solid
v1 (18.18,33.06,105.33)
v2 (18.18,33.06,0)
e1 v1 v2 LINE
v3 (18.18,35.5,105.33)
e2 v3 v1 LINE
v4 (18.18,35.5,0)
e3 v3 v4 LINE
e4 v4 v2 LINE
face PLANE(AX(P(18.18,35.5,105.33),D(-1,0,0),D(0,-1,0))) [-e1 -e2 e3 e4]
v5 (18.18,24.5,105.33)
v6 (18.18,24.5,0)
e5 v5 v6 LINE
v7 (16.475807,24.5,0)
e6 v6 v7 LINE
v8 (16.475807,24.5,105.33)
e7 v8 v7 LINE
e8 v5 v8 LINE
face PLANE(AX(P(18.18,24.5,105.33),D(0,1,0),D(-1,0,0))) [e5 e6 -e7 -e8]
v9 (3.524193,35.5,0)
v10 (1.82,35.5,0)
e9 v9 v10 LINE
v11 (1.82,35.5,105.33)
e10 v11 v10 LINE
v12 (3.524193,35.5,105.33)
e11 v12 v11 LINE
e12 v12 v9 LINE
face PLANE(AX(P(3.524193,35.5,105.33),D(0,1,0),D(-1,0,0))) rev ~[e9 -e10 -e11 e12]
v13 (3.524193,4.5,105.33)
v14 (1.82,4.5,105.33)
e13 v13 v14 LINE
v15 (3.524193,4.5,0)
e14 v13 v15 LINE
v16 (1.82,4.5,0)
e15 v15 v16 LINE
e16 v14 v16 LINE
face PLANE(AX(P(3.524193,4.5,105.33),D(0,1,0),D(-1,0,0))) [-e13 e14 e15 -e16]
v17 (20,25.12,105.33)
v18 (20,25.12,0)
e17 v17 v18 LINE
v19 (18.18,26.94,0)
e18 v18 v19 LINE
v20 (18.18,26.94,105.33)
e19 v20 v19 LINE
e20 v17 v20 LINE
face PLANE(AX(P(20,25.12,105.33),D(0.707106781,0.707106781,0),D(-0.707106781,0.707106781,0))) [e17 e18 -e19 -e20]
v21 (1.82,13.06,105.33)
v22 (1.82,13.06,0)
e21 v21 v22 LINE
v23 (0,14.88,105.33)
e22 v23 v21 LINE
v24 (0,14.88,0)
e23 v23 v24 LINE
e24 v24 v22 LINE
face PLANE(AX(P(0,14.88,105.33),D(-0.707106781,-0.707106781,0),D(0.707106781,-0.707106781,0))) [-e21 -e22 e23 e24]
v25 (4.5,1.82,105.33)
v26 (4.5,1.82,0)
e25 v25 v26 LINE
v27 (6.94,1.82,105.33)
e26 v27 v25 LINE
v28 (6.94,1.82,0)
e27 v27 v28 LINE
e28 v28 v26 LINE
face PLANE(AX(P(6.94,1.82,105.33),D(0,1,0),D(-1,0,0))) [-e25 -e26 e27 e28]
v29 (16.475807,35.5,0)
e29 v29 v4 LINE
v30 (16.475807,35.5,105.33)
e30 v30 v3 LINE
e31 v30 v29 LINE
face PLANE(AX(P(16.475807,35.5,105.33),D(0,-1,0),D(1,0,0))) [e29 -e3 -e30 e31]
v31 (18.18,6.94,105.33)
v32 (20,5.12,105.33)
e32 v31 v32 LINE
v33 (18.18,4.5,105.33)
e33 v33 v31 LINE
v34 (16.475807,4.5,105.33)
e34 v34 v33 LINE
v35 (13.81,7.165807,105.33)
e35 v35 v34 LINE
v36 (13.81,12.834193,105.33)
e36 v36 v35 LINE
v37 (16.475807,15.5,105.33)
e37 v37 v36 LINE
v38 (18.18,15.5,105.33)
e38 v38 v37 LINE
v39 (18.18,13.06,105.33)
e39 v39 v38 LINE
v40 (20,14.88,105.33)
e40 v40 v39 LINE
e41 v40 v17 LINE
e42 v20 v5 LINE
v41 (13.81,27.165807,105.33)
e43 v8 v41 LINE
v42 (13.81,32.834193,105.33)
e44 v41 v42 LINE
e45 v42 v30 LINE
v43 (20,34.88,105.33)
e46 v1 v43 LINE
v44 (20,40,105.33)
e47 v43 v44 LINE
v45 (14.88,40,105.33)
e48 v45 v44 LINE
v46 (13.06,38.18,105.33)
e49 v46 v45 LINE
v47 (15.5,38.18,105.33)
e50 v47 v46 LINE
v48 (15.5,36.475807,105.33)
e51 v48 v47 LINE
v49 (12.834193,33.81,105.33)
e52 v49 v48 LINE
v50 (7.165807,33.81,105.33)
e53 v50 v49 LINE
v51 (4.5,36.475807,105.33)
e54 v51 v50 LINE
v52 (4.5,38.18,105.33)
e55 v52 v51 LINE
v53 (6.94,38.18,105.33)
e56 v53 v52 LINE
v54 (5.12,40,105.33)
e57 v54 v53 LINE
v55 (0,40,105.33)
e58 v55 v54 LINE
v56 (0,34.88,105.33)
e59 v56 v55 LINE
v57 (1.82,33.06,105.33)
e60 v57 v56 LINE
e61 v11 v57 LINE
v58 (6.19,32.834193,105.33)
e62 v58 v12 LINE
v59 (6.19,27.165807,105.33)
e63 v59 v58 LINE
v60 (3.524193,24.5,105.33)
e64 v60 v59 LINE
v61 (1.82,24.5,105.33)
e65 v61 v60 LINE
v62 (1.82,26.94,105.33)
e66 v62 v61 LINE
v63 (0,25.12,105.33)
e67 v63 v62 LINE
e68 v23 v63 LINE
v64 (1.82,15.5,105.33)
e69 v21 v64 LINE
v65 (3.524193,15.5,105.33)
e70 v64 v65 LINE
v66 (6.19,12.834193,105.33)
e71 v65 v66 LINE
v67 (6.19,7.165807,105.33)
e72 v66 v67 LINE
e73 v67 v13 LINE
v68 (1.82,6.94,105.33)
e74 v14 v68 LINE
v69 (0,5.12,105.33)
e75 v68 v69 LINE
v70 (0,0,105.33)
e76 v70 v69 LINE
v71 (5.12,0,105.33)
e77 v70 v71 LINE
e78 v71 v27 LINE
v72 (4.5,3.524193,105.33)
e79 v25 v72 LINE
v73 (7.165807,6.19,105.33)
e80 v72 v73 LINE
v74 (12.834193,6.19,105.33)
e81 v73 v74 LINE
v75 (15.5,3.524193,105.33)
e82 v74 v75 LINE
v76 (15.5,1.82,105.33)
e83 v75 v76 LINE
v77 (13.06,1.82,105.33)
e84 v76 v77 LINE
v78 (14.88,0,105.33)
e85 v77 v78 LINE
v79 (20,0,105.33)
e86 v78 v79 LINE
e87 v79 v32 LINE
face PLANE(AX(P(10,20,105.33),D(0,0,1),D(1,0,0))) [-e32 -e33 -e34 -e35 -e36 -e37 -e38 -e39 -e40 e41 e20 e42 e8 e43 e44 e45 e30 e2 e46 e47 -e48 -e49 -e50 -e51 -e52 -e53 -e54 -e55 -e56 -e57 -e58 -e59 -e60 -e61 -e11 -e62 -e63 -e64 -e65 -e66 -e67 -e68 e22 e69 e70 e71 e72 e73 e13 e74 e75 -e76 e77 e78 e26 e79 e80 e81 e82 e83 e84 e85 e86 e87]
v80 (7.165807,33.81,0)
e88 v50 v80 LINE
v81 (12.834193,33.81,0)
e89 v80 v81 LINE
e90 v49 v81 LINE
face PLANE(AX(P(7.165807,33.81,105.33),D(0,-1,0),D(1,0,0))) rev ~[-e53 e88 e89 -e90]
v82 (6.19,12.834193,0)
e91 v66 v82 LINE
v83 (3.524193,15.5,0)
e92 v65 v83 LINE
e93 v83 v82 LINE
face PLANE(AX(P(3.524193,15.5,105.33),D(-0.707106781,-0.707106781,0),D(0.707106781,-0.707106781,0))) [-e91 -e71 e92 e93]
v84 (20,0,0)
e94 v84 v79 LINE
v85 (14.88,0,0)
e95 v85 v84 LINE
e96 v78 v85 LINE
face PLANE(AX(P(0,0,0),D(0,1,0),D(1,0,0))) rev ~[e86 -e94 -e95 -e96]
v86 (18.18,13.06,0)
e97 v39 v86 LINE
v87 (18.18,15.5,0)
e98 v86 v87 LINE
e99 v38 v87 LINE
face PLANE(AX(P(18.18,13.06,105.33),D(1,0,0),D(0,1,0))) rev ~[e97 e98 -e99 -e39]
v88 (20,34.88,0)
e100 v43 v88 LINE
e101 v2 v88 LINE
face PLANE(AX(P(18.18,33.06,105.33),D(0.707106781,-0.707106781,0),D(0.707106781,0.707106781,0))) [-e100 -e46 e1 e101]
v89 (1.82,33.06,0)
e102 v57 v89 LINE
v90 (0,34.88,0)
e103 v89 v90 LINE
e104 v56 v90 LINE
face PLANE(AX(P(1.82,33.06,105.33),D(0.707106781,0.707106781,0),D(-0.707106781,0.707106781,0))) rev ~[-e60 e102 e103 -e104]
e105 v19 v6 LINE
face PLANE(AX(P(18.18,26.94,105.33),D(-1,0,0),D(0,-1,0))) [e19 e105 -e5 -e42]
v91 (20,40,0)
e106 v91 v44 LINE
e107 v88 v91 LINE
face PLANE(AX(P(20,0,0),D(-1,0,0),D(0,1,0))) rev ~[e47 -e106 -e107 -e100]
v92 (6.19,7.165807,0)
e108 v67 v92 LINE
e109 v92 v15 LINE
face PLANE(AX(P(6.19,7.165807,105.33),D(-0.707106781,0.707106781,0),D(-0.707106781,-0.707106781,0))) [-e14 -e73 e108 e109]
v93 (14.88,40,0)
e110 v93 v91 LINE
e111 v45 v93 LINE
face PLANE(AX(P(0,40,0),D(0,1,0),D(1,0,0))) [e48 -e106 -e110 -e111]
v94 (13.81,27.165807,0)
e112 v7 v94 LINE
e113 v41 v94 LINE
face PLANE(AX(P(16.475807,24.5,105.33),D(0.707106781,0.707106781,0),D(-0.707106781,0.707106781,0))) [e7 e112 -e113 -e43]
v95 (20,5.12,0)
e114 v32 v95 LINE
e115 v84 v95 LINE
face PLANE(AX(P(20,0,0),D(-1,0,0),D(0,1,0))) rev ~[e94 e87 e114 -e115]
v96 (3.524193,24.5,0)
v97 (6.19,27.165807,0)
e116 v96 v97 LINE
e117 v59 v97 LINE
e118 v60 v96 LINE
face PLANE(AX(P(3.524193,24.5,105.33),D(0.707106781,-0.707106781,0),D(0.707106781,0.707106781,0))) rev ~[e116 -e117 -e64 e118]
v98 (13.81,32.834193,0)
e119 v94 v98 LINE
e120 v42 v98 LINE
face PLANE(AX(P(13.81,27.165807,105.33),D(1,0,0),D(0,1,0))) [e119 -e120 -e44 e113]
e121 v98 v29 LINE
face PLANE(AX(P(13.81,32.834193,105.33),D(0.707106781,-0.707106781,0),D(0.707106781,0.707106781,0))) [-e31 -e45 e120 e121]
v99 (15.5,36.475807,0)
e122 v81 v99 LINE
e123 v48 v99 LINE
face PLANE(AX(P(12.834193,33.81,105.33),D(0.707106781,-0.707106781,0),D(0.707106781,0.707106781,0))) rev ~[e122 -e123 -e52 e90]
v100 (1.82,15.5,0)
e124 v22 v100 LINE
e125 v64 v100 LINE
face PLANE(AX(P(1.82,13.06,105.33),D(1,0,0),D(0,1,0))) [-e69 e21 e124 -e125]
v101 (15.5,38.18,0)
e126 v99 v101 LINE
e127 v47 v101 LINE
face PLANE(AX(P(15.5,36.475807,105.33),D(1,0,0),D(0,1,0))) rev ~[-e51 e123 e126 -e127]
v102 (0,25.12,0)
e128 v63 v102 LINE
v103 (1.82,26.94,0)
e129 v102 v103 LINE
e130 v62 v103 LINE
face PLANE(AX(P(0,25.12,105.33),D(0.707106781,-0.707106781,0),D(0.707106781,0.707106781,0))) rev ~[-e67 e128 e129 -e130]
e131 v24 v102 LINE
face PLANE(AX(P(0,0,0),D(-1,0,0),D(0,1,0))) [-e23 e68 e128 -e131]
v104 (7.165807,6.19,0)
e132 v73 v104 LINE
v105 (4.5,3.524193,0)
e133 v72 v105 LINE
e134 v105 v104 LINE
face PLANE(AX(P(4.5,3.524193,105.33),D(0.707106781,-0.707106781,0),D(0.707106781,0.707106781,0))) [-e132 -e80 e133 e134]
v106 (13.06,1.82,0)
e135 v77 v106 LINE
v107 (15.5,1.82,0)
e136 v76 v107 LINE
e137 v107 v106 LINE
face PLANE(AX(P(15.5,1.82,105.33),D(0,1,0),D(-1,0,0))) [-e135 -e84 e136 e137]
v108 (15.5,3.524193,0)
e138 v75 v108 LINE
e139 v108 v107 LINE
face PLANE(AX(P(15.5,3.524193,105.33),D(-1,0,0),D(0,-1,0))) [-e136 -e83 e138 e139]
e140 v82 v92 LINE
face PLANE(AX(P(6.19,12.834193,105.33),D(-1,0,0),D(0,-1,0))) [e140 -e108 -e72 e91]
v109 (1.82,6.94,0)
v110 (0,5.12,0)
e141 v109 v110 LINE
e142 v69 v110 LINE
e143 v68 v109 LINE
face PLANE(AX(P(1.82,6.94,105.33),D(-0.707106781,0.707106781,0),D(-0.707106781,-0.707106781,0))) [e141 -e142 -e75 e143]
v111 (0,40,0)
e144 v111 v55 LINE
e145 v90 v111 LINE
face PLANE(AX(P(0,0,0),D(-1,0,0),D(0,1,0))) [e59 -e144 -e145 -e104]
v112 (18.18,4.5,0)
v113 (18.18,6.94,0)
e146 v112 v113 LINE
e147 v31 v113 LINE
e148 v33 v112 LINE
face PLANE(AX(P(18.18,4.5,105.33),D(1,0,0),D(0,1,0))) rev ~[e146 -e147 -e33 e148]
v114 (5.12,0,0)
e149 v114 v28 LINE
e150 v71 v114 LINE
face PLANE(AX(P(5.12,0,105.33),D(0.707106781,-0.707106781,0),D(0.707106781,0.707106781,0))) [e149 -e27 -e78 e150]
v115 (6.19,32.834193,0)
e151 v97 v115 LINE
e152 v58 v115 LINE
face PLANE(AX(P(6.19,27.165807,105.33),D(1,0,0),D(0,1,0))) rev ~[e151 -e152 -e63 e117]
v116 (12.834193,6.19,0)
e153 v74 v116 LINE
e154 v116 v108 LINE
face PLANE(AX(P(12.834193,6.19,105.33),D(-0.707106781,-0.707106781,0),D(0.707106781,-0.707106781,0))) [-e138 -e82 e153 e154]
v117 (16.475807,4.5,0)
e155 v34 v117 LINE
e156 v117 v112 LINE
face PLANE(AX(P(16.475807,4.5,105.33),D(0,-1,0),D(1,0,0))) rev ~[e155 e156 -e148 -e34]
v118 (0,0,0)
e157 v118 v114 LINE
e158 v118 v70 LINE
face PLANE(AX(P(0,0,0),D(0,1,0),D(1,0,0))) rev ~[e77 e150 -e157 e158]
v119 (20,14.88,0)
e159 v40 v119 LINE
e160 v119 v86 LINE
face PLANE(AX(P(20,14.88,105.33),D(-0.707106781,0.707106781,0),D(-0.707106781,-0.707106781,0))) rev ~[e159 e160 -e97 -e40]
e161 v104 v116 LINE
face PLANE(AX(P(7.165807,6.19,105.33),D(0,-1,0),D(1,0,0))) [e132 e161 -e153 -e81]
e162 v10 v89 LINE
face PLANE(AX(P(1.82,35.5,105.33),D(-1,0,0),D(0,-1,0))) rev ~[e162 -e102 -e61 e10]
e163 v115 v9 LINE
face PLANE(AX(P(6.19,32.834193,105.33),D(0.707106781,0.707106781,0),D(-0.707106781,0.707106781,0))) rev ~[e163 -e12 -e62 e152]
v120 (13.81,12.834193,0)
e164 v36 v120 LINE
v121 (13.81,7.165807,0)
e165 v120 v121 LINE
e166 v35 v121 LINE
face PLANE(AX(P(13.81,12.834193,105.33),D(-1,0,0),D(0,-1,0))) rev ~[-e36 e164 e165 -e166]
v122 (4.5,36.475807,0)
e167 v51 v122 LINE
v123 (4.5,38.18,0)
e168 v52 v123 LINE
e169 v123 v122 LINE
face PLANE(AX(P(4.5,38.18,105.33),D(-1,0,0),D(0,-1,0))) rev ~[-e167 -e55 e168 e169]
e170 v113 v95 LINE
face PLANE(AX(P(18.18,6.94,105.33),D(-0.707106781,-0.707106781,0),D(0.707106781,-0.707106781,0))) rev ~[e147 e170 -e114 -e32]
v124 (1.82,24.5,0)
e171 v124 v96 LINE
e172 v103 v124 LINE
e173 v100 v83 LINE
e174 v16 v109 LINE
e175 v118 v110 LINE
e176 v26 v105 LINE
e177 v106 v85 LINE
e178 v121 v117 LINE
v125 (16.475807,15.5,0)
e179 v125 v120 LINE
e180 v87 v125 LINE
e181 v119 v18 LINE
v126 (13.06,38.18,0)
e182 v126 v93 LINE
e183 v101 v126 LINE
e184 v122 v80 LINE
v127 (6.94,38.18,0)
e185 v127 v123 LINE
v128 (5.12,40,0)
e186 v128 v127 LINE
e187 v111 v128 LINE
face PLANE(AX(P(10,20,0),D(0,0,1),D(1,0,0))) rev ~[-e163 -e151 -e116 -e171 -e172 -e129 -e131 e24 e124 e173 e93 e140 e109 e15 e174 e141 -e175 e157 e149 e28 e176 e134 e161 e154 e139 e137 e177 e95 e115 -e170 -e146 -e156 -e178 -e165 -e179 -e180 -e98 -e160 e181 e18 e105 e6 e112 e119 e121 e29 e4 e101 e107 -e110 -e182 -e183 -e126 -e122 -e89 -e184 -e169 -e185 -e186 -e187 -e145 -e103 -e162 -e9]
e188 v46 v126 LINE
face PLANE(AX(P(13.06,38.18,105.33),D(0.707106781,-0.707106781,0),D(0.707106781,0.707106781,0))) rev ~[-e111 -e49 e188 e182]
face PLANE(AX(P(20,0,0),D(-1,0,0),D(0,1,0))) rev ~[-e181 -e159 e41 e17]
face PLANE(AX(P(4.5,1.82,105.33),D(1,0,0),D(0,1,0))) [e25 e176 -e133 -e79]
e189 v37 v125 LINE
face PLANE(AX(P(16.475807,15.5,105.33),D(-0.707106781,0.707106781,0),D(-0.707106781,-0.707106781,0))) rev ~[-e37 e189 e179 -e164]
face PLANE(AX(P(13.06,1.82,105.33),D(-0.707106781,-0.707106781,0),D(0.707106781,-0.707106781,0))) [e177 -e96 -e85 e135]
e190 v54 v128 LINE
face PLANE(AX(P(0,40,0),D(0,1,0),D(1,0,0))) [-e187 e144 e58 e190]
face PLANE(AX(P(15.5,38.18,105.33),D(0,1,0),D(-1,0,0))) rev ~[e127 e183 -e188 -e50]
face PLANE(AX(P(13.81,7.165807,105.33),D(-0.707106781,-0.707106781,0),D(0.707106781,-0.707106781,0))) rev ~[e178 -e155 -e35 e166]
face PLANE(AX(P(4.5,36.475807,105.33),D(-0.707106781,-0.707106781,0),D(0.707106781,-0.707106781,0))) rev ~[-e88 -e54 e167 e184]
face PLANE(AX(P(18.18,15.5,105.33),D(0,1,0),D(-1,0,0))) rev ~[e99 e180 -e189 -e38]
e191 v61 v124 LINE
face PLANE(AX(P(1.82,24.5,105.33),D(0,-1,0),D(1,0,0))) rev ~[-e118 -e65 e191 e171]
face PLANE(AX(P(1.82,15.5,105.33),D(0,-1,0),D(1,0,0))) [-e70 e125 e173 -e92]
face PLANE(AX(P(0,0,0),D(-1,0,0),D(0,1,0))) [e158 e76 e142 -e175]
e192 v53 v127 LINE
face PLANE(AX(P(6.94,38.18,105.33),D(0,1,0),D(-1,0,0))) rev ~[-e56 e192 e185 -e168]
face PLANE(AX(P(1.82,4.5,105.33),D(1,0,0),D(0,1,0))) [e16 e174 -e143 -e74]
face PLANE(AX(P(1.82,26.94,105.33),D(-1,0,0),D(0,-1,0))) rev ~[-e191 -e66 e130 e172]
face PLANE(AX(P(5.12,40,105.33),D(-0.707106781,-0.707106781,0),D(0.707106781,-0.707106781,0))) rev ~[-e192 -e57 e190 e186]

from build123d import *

# Parameters (mm, degrees)
SKETCH1_W           = 20
SKETCH1_H           = 40
BOSS_EXTRUDE1_DEPTH = 105.33
CUT_EXTRUDE1_DEPTH  = 106.33


with BuildPart() as part:
    # Sketch1 → Boss-Extrude1 (new body)
    with BuildSketch(Plane.XY):
        with Locations((10, 20)):
            Rectangle(SKETCH1_W, SKETCH1_H)
    extrude(amount=BOSS_EXTRUDE1_DEPTH)

    # Sketch2 → Cut-Extrude1 (cut, through all)
    with BuildSketch(Plane.XY.offset(105.33)):
        Polygon((5.12, 40), (6.94, 38.18), (4.5, 38.18), (4.5, 36.475807358), (7.165807358, 33.81), (12.834192642, 33.81), (15.5, 36.475807358), (15.5, 38.18), (13.06, 38.18), (14.88, 40), align=None)
        Polygon((18.18, 35.5), (18.18, 33.06), (20, 34.88), (20, 25.12), (18.18, 26.94), (18.18, 24.5), (16.475807358, 24.5), (13.81, 27.165807358), (13.81, 32.834192642), (16.475807358, 35.5), align=None)
        Polygon((20, 14.88), (18.18, 13.06), (18.18, 15.5), (16.475807358, 15.5), (13.81, 12.834192642), (13.81, 7.165807358), (16.475807358, 4.5), (18.18, 4.5), (18.18, 6.94), (20, 5.12), align=None)
        Polygon((15.5, 1.82), (13.06, 1.82), (14.88, 0), (5.12, 0), (6.94, 1.82), (4.5, 1.82), (4.5, 3.524192642), (7.165807358, 6.19), (12.834192642, 6.19), (15.5, 3.524192642), align=None)
        Polygon((1.82, 4.5), (1.82, 6.94), (0, 5.12), (0, 14.88), (1.82, 13.06), (1.82, 15.5), (3.524192642, 15.5), (6.19, 12.834192642), (6.19, 7.165807358), (3.524192642, 4.5), align=None)
        Polygon((0, 25.12), (1.82, 26.94), (1.82, 24.5), (3.524192642, 24.5), (6.19, 27.165807358), (6.19, 32.834192642), (3.524192642, 35.5), (1.82, 35.5), (1.82, 33.06), (0, 34.88), align=None)
    extrude(amount=-CUT_EXTRUDE1_DEPTH, mode=Mode.SUBTRACT)


solid = part.part
